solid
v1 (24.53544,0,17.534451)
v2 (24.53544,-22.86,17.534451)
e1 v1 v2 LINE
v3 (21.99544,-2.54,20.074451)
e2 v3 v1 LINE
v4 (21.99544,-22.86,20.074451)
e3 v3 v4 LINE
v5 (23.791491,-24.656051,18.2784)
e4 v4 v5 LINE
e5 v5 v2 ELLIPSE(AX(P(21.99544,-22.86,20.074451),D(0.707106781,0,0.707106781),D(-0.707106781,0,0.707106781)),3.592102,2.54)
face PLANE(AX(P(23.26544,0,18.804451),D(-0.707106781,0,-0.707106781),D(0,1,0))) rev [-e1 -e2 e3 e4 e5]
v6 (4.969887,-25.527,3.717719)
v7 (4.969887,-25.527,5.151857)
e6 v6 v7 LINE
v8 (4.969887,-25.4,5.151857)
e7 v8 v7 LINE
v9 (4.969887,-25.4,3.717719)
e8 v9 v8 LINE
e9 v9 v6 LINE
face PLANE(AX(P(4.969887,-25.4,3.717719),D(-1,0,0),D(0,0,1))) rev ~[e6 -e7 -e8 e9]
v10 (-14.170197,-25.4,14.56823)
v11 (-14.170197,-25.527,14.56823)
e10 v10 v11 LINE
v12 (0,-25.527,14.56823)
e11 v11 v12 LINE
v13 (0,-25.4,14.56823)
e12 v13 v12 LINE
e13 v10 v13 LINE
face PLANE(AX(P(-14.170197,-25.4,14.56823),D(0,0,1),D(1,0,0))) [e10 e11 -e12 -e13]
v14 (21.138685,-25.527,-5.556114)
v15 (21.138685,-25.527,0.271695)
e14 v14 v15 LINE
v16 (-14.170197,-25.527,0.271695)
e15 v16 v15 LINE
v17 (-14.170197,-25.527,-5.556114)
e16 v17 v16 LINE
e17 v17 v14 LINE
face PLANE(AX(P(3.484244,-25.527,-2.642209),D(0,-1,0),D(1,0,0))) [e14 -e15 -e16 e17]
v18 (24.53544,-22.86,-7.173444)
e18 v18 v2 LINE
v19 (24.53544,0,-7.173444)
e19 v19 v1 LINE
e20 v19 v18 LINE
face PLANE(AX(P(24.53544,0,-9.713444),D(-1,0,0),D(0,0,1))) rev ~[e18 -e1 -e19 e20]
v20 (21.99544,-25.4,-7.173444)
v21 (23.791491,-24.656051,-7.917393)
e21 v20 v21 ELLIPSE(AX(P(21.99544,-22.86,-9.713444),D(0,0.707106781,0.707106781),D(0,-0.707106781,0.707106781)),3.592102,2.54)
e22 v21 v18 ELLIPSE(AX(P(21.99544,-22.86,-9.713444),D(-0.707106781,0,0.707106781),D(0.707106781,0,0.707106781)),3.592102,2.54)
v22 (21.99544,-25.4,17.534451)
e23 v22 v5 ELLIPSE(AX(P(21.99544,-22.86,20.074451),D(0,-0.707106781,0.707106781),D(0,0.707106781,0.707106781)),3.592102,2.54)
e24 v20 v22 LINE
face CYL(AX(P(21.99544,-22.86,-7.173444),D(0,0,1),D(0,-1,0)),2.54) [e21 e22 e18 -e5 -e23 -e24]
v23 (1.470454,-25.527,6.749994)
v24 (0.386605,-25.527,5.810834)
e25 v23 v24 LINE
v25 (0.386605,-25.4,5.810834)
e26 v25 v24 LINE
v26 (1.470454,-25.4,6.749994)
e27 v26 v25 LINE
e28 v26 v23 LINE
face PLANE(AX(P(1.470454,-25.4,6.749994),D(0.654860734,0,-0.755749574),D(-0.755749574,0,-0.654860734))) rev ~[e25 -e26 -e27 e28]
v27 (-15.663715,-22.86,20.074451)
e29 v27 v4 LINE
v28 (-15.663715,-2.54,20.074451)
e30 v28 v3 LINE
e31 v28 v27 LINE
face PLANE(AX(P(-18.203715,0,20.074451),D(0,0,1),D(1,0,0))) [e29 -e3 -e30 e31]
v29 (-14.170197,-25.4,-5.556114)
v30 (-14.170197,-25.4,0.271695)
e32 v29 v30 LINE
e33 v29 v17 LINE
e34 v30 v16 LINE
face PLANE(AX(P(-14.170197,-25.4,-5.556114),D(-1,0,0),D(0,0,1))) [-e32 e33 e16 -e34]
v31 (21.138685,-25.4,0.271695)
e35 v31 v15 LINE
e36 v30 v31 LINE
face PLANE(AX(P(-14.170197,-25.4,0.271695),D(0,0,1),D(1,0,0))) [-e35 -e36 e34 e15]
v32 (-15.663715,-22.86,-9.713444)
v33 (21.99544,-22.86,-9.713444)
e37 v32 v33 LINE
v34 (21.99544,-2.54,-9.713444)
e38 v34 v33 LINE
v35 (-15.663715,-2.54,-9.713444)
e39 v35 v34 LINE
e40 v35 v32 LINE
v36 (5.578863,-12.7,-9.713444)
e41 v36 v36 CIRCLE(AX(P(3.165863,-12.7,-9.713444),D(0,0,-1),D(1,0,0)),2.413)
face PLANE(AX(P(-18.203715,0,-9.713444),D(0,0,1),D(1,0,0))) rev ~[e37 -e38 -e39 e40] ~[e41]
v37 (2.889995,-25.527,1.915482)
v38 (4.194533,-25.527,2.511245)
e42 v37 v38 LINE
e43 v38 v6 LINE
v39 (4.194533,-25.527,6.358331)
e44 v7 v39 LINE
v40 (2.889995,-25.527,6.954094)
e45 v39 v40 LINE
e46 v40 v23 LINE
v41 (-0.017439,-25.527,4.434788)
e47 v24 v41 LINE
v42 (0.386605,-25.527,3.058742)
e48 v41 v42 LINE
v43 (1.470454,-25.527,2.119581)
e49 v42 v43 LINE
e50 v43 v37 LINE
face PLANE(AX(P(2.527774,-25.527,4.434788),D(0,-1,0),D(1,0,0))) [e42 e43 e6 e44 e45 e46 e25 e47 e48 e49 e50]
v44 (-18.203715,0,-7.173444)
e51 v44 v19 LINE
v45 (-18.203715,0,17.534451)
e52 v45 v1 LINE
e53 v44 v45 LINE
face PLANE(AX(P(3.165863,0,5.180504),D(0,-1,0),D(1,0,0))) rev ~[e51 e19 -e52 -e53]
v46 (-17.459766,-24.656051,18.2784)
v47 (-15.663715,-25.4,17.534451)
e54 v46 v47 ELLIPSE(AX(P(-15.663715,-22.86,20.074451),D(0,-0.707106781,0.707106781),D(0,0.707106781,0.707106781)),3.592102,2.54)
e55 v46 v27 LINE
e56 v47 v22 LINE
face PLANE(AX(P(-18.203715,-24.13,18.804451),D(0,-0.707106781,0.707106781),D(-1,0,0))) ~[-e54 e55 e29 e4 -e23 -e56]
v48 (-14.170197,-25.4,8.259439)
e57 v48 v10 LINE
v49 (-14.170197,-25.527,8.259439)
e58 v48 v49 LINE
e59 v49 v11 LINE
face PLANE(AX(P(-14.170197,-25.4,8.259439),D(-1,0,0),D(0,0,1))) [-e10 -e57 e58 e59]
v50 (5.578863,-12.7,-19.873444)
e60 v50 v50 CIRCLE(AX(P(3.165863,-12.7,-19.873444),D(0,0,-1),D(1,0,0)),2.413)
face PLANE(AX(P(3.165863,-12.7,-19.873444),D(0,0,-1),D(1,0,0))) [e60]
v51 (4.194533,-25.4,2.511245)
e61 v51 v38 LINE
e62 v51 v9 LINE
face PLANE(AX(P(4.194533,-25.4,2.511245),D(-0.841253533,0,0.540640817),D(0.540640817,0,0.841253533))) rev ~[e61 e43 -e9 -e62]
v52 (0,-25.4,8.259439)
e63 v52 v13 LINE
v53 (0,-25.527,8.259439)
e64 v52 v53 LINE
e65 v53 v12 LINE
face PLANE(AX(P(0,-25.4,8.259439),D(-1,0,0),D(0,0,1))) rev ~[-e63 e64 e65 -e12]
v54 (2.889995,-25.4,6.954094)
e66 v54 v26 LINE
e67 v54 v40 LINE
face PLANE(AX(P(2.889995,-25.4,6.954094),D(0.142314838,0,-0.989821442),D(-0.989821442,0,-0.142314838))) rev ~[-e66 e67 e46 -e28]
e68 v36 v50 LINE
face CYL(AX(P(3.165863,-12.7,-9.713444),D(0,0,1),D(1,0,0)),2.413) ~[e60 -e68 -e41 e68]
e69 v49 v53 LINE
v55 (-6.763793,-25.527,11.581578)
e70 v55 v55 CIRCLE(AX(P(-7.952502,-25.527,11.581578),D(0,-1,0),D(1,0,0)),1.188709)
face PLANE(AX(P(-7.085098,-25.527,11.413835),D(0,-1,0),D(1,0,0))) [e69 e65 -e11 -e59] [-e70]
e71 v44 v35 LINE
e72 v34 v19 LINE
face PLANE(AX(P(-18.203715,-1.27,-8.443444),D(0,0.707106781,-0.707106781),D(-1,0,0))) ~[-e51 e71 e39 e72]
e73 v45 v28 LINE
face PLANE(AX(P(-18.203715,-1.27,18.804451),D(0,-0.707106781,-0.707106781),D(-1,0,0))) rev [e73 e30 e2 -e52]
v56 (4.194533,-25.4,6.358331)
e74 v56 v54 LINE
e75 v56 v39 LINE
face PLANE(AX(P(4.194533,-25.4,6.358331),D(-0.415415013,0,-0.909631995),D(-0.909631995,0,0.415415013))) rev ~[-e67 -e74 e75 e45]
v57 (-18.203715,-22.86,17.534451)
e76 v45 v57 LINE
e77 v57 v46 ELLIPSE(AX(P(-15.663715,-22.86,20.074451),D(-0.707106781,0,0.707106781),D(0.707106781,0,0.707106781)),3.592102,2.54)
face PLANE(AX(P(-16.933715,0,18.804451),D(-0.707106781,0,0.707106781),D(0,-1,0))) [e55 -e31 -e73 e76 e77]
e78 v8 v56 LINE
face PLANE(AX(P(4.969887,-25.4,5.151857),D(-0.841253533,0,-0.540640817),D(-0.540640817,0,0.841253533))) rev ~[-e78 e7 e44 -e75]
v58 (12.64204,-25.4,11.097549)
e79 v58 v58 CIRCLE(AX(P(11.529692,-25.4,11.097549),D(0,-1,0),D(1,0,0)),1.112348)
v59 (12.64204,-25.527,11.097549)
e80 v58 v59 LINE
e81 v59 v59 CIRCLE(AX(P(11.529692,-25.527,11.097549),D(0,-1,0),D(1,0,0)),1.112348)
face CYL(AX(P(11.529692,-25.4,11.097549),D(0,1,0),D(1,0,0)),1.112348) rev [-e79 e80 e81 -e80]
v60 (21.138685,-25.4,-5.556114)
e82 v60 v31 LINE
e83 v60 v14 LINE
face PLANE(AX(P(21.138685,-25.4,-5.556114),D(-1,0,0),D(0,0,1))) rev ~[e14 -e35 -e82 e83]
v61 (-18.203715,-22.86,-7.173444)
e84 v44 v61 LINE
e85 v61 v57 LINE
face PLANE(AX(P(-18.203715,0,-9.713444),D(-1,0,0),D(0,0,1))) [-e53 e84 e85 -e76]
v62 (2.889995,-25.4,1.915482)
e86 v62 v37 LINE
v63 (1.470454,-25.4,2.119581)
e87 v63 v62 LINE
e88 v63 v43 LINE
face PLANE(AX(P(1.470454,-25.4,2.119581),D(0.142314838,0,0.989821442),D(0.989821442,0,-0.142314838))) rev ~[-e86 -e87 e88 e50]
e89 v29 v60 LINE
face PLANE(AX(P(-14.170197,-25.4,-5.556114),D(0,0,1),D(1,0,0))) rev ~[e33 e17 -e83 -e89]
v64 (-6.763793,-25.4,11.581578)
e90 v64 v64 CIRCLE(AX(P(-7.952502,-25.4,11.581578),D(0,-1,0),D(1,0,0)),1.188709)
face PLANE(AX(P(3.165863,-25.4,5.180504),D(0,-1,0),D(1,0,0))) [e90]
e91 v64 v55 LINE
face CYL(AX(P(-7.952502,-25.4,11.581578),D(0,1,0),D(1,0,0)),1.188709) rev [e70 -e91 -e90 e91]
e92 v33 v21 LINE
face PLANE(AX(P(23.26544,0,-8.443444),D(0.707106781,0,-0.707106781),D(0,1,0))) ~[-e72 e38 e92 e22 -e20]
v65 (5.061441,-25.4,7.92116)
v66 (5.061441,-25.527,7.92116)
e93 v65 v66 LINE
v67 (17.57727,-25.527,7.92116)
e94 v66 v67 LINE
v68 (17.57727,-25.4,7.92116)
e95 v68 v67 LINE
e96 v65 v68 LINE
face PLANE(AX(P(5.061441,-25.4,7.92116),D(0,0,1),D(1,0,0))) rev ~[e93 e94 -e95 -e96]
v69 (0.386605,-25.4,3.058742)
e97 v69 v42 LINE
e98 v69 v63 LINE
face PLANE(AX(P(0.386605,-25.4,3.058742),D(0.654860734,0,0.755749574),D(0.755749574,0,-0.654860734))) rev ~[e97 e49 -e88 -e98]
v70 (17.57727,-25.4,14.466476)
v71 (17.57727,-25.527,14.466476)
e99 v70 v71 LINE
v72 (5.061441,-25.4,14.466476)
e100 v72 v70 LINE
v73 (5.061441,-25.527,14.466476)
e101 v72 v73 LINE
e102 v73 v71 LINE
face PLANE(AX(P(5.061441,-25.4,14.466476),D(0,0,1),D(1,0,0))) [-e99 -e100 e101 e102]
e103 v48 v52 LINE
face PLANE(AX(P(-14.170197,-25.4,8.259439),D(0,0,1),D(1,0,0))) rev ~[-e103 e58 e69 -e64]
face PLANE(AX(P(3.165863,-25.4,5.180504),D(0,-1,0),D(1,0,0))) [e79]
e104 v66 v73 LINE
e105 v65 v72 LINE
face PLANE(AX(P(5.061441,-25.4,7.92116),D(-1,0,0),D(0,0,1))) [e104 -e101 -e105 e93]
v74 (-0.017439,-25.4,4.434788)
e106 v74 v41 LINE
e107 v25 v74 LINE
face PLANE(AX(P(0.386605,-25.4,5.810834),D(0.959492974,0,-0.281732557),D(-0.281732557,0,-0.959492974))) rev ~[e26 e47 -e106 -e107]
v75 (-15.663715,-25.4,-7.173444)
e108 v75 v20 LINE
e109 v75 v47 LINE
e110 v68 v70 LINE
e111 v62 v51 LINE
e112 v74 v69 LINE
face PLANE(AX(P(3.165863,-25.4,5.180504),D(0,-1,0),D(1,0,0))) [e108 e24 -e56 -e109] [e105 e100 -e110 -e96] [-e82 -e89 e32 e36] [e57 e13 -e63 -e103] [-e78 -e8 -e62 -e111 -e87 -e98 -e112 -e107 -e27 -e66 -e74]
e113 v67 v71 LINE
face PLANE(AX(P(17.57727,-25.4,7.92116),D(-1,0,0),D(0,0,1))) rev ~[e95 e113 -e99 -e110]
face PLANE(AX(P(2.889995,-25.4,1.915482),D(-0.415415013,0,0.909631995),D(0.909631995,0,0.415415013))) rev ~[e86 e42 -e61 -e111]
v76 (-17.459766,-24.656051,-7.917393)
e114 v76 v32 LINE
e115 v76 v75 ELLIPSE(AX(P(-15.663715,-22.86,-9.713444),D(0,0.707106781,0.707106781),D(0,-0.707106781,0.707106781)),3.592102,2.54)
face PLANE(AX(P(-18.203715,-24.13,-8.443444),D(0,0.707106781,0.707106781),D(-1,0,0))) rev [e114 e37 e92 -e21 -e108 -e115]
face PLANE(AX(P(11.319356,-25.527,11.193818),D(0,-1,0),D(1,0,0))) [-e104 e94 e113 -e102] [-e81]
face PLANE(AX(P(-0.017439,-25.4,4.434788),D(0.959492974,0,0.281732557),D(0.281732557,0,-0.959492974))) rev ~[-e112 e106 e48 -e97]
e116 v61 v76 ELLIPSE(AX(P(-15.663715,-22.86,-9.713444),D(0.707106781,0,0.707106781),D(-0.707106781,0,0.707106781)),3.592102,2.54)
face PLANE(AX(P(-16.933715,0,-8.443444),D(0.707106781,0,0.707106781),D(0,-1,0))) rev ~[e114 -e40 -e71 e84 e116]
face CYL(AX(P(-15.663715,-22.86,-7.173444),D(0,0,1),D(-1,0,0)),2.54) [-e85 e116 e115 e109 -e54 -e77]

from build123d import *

# Parameters (mm, degrees)
F0_W     = 85.4783095419
F0_H     = 59.5757905394
F1_DEPTH = 50.8
F2_W     = 28.3403936774
F2_H     = 12.6175824553
F2_R     = 2.3774170248
F2_W_2   = 25.0316578895
F2_H_2   = 13.0906309932
F2_R_2   = 2.2246950569
F2_W_3   = 70.6177633256
F2_H_3   = 11.6556163412
F3_DEPTH = 0.254
F4_SIZE  = 5.08
F5_R     = 5.08
F6_SCALE = 0.5
F7_R     = 2.413
F8_DEPTH = 10.16


with BuildPart() as f1:
    # F0 (on Front) → F1 (new body)
    with BuildSketch(Plane.XZ):
        with Locations((6.331725046, 10.3610074148)):
            Rectangle(F0_W, F0_H)
    extrude(amount=F1_DEPTH)

    # F2 (on face) → F3 (join)
    with BuildSketch(Plane.XZ.offset(50.8)):
        with Locations((-14.1701968387, 22.8276690468)):
            Rectangle(F2_W, F2_H)
        with Locations((-15.9050039947, 23.1631565839)):
            Circle(F2_R, mode=Mode.SUBTRACT)
        with Locations((22.638711147, 22.3876358941)):
            Rectangle(F2_W_2, F2_H_2)
        with Locations((23.0593848974, 22.195097059)):
            Circle(F2_R_2, mode=Mode.SUBTRACT)
        Polygon((9.9397739728, 7.435437333), (9.9397739728, 10.3037140541), (8.3890665016, 12.7166619788), (5.7799902246, 13.9081871902), (2.9409084248, 13.4999888525), (0.7732095137, 11.6216670538), (-0.0348774207, 8.8695756935), (0.7732095137, 6.1174843332), (2.9409084248, 4.2391625345), (5.7799902246, 3.8309641968), (8.3890665016, 5.0224894082), align=None)
        with Locations((6.9684879854, -5.284418934)):
            Rectangle(F2_W_3, F2_H_3)
    extrude(amount=F3_DEPTH)

    # F4
    f4_edges = [f1.edges().sort_by_distance(p)[0] for p in [
        (49.07088, -25.4, 40.148903),
        (-36.40743, -25.4, 40.148903),
        (6.331725, 0, 40.148903),
        (6.331725, -50.8, 40.148903),
        (-36.40743, -25.4, -19.426888),
        (49.07088, -25.4, -19.426888),
        (6.331725, 0, -19.426888),
        (6.331725, -50.8, -19.426888),
    ]]
    chamfer(f4_edges, length=F4_SIZE)

    # F5
    f5_edges = [f1.edges().sort_by_distance(p)[0] for p in [
        (-36.40743, -50.8, 10.361007),
        (49.07088, -50.8, 10.361007),
    ]]
    fillet(f5_edges, radius=F5_R)


with BuildPart() as f1_1:
    # F6: moved
    add(f1.part.scale(F6_SCALE))

    # F7 (on face) → F8 (join)
    with BuildSketch(Plane(origin=(0, 0, -9.7134439275), x_dir=(1, 0, 0), z_dir=(0, 0, -1))):
        with Locations((3.165862523, 12.7)):
            Circle(F7_R)
    extrude(amount=F8_DEPTH)


solid = f1_1.part
